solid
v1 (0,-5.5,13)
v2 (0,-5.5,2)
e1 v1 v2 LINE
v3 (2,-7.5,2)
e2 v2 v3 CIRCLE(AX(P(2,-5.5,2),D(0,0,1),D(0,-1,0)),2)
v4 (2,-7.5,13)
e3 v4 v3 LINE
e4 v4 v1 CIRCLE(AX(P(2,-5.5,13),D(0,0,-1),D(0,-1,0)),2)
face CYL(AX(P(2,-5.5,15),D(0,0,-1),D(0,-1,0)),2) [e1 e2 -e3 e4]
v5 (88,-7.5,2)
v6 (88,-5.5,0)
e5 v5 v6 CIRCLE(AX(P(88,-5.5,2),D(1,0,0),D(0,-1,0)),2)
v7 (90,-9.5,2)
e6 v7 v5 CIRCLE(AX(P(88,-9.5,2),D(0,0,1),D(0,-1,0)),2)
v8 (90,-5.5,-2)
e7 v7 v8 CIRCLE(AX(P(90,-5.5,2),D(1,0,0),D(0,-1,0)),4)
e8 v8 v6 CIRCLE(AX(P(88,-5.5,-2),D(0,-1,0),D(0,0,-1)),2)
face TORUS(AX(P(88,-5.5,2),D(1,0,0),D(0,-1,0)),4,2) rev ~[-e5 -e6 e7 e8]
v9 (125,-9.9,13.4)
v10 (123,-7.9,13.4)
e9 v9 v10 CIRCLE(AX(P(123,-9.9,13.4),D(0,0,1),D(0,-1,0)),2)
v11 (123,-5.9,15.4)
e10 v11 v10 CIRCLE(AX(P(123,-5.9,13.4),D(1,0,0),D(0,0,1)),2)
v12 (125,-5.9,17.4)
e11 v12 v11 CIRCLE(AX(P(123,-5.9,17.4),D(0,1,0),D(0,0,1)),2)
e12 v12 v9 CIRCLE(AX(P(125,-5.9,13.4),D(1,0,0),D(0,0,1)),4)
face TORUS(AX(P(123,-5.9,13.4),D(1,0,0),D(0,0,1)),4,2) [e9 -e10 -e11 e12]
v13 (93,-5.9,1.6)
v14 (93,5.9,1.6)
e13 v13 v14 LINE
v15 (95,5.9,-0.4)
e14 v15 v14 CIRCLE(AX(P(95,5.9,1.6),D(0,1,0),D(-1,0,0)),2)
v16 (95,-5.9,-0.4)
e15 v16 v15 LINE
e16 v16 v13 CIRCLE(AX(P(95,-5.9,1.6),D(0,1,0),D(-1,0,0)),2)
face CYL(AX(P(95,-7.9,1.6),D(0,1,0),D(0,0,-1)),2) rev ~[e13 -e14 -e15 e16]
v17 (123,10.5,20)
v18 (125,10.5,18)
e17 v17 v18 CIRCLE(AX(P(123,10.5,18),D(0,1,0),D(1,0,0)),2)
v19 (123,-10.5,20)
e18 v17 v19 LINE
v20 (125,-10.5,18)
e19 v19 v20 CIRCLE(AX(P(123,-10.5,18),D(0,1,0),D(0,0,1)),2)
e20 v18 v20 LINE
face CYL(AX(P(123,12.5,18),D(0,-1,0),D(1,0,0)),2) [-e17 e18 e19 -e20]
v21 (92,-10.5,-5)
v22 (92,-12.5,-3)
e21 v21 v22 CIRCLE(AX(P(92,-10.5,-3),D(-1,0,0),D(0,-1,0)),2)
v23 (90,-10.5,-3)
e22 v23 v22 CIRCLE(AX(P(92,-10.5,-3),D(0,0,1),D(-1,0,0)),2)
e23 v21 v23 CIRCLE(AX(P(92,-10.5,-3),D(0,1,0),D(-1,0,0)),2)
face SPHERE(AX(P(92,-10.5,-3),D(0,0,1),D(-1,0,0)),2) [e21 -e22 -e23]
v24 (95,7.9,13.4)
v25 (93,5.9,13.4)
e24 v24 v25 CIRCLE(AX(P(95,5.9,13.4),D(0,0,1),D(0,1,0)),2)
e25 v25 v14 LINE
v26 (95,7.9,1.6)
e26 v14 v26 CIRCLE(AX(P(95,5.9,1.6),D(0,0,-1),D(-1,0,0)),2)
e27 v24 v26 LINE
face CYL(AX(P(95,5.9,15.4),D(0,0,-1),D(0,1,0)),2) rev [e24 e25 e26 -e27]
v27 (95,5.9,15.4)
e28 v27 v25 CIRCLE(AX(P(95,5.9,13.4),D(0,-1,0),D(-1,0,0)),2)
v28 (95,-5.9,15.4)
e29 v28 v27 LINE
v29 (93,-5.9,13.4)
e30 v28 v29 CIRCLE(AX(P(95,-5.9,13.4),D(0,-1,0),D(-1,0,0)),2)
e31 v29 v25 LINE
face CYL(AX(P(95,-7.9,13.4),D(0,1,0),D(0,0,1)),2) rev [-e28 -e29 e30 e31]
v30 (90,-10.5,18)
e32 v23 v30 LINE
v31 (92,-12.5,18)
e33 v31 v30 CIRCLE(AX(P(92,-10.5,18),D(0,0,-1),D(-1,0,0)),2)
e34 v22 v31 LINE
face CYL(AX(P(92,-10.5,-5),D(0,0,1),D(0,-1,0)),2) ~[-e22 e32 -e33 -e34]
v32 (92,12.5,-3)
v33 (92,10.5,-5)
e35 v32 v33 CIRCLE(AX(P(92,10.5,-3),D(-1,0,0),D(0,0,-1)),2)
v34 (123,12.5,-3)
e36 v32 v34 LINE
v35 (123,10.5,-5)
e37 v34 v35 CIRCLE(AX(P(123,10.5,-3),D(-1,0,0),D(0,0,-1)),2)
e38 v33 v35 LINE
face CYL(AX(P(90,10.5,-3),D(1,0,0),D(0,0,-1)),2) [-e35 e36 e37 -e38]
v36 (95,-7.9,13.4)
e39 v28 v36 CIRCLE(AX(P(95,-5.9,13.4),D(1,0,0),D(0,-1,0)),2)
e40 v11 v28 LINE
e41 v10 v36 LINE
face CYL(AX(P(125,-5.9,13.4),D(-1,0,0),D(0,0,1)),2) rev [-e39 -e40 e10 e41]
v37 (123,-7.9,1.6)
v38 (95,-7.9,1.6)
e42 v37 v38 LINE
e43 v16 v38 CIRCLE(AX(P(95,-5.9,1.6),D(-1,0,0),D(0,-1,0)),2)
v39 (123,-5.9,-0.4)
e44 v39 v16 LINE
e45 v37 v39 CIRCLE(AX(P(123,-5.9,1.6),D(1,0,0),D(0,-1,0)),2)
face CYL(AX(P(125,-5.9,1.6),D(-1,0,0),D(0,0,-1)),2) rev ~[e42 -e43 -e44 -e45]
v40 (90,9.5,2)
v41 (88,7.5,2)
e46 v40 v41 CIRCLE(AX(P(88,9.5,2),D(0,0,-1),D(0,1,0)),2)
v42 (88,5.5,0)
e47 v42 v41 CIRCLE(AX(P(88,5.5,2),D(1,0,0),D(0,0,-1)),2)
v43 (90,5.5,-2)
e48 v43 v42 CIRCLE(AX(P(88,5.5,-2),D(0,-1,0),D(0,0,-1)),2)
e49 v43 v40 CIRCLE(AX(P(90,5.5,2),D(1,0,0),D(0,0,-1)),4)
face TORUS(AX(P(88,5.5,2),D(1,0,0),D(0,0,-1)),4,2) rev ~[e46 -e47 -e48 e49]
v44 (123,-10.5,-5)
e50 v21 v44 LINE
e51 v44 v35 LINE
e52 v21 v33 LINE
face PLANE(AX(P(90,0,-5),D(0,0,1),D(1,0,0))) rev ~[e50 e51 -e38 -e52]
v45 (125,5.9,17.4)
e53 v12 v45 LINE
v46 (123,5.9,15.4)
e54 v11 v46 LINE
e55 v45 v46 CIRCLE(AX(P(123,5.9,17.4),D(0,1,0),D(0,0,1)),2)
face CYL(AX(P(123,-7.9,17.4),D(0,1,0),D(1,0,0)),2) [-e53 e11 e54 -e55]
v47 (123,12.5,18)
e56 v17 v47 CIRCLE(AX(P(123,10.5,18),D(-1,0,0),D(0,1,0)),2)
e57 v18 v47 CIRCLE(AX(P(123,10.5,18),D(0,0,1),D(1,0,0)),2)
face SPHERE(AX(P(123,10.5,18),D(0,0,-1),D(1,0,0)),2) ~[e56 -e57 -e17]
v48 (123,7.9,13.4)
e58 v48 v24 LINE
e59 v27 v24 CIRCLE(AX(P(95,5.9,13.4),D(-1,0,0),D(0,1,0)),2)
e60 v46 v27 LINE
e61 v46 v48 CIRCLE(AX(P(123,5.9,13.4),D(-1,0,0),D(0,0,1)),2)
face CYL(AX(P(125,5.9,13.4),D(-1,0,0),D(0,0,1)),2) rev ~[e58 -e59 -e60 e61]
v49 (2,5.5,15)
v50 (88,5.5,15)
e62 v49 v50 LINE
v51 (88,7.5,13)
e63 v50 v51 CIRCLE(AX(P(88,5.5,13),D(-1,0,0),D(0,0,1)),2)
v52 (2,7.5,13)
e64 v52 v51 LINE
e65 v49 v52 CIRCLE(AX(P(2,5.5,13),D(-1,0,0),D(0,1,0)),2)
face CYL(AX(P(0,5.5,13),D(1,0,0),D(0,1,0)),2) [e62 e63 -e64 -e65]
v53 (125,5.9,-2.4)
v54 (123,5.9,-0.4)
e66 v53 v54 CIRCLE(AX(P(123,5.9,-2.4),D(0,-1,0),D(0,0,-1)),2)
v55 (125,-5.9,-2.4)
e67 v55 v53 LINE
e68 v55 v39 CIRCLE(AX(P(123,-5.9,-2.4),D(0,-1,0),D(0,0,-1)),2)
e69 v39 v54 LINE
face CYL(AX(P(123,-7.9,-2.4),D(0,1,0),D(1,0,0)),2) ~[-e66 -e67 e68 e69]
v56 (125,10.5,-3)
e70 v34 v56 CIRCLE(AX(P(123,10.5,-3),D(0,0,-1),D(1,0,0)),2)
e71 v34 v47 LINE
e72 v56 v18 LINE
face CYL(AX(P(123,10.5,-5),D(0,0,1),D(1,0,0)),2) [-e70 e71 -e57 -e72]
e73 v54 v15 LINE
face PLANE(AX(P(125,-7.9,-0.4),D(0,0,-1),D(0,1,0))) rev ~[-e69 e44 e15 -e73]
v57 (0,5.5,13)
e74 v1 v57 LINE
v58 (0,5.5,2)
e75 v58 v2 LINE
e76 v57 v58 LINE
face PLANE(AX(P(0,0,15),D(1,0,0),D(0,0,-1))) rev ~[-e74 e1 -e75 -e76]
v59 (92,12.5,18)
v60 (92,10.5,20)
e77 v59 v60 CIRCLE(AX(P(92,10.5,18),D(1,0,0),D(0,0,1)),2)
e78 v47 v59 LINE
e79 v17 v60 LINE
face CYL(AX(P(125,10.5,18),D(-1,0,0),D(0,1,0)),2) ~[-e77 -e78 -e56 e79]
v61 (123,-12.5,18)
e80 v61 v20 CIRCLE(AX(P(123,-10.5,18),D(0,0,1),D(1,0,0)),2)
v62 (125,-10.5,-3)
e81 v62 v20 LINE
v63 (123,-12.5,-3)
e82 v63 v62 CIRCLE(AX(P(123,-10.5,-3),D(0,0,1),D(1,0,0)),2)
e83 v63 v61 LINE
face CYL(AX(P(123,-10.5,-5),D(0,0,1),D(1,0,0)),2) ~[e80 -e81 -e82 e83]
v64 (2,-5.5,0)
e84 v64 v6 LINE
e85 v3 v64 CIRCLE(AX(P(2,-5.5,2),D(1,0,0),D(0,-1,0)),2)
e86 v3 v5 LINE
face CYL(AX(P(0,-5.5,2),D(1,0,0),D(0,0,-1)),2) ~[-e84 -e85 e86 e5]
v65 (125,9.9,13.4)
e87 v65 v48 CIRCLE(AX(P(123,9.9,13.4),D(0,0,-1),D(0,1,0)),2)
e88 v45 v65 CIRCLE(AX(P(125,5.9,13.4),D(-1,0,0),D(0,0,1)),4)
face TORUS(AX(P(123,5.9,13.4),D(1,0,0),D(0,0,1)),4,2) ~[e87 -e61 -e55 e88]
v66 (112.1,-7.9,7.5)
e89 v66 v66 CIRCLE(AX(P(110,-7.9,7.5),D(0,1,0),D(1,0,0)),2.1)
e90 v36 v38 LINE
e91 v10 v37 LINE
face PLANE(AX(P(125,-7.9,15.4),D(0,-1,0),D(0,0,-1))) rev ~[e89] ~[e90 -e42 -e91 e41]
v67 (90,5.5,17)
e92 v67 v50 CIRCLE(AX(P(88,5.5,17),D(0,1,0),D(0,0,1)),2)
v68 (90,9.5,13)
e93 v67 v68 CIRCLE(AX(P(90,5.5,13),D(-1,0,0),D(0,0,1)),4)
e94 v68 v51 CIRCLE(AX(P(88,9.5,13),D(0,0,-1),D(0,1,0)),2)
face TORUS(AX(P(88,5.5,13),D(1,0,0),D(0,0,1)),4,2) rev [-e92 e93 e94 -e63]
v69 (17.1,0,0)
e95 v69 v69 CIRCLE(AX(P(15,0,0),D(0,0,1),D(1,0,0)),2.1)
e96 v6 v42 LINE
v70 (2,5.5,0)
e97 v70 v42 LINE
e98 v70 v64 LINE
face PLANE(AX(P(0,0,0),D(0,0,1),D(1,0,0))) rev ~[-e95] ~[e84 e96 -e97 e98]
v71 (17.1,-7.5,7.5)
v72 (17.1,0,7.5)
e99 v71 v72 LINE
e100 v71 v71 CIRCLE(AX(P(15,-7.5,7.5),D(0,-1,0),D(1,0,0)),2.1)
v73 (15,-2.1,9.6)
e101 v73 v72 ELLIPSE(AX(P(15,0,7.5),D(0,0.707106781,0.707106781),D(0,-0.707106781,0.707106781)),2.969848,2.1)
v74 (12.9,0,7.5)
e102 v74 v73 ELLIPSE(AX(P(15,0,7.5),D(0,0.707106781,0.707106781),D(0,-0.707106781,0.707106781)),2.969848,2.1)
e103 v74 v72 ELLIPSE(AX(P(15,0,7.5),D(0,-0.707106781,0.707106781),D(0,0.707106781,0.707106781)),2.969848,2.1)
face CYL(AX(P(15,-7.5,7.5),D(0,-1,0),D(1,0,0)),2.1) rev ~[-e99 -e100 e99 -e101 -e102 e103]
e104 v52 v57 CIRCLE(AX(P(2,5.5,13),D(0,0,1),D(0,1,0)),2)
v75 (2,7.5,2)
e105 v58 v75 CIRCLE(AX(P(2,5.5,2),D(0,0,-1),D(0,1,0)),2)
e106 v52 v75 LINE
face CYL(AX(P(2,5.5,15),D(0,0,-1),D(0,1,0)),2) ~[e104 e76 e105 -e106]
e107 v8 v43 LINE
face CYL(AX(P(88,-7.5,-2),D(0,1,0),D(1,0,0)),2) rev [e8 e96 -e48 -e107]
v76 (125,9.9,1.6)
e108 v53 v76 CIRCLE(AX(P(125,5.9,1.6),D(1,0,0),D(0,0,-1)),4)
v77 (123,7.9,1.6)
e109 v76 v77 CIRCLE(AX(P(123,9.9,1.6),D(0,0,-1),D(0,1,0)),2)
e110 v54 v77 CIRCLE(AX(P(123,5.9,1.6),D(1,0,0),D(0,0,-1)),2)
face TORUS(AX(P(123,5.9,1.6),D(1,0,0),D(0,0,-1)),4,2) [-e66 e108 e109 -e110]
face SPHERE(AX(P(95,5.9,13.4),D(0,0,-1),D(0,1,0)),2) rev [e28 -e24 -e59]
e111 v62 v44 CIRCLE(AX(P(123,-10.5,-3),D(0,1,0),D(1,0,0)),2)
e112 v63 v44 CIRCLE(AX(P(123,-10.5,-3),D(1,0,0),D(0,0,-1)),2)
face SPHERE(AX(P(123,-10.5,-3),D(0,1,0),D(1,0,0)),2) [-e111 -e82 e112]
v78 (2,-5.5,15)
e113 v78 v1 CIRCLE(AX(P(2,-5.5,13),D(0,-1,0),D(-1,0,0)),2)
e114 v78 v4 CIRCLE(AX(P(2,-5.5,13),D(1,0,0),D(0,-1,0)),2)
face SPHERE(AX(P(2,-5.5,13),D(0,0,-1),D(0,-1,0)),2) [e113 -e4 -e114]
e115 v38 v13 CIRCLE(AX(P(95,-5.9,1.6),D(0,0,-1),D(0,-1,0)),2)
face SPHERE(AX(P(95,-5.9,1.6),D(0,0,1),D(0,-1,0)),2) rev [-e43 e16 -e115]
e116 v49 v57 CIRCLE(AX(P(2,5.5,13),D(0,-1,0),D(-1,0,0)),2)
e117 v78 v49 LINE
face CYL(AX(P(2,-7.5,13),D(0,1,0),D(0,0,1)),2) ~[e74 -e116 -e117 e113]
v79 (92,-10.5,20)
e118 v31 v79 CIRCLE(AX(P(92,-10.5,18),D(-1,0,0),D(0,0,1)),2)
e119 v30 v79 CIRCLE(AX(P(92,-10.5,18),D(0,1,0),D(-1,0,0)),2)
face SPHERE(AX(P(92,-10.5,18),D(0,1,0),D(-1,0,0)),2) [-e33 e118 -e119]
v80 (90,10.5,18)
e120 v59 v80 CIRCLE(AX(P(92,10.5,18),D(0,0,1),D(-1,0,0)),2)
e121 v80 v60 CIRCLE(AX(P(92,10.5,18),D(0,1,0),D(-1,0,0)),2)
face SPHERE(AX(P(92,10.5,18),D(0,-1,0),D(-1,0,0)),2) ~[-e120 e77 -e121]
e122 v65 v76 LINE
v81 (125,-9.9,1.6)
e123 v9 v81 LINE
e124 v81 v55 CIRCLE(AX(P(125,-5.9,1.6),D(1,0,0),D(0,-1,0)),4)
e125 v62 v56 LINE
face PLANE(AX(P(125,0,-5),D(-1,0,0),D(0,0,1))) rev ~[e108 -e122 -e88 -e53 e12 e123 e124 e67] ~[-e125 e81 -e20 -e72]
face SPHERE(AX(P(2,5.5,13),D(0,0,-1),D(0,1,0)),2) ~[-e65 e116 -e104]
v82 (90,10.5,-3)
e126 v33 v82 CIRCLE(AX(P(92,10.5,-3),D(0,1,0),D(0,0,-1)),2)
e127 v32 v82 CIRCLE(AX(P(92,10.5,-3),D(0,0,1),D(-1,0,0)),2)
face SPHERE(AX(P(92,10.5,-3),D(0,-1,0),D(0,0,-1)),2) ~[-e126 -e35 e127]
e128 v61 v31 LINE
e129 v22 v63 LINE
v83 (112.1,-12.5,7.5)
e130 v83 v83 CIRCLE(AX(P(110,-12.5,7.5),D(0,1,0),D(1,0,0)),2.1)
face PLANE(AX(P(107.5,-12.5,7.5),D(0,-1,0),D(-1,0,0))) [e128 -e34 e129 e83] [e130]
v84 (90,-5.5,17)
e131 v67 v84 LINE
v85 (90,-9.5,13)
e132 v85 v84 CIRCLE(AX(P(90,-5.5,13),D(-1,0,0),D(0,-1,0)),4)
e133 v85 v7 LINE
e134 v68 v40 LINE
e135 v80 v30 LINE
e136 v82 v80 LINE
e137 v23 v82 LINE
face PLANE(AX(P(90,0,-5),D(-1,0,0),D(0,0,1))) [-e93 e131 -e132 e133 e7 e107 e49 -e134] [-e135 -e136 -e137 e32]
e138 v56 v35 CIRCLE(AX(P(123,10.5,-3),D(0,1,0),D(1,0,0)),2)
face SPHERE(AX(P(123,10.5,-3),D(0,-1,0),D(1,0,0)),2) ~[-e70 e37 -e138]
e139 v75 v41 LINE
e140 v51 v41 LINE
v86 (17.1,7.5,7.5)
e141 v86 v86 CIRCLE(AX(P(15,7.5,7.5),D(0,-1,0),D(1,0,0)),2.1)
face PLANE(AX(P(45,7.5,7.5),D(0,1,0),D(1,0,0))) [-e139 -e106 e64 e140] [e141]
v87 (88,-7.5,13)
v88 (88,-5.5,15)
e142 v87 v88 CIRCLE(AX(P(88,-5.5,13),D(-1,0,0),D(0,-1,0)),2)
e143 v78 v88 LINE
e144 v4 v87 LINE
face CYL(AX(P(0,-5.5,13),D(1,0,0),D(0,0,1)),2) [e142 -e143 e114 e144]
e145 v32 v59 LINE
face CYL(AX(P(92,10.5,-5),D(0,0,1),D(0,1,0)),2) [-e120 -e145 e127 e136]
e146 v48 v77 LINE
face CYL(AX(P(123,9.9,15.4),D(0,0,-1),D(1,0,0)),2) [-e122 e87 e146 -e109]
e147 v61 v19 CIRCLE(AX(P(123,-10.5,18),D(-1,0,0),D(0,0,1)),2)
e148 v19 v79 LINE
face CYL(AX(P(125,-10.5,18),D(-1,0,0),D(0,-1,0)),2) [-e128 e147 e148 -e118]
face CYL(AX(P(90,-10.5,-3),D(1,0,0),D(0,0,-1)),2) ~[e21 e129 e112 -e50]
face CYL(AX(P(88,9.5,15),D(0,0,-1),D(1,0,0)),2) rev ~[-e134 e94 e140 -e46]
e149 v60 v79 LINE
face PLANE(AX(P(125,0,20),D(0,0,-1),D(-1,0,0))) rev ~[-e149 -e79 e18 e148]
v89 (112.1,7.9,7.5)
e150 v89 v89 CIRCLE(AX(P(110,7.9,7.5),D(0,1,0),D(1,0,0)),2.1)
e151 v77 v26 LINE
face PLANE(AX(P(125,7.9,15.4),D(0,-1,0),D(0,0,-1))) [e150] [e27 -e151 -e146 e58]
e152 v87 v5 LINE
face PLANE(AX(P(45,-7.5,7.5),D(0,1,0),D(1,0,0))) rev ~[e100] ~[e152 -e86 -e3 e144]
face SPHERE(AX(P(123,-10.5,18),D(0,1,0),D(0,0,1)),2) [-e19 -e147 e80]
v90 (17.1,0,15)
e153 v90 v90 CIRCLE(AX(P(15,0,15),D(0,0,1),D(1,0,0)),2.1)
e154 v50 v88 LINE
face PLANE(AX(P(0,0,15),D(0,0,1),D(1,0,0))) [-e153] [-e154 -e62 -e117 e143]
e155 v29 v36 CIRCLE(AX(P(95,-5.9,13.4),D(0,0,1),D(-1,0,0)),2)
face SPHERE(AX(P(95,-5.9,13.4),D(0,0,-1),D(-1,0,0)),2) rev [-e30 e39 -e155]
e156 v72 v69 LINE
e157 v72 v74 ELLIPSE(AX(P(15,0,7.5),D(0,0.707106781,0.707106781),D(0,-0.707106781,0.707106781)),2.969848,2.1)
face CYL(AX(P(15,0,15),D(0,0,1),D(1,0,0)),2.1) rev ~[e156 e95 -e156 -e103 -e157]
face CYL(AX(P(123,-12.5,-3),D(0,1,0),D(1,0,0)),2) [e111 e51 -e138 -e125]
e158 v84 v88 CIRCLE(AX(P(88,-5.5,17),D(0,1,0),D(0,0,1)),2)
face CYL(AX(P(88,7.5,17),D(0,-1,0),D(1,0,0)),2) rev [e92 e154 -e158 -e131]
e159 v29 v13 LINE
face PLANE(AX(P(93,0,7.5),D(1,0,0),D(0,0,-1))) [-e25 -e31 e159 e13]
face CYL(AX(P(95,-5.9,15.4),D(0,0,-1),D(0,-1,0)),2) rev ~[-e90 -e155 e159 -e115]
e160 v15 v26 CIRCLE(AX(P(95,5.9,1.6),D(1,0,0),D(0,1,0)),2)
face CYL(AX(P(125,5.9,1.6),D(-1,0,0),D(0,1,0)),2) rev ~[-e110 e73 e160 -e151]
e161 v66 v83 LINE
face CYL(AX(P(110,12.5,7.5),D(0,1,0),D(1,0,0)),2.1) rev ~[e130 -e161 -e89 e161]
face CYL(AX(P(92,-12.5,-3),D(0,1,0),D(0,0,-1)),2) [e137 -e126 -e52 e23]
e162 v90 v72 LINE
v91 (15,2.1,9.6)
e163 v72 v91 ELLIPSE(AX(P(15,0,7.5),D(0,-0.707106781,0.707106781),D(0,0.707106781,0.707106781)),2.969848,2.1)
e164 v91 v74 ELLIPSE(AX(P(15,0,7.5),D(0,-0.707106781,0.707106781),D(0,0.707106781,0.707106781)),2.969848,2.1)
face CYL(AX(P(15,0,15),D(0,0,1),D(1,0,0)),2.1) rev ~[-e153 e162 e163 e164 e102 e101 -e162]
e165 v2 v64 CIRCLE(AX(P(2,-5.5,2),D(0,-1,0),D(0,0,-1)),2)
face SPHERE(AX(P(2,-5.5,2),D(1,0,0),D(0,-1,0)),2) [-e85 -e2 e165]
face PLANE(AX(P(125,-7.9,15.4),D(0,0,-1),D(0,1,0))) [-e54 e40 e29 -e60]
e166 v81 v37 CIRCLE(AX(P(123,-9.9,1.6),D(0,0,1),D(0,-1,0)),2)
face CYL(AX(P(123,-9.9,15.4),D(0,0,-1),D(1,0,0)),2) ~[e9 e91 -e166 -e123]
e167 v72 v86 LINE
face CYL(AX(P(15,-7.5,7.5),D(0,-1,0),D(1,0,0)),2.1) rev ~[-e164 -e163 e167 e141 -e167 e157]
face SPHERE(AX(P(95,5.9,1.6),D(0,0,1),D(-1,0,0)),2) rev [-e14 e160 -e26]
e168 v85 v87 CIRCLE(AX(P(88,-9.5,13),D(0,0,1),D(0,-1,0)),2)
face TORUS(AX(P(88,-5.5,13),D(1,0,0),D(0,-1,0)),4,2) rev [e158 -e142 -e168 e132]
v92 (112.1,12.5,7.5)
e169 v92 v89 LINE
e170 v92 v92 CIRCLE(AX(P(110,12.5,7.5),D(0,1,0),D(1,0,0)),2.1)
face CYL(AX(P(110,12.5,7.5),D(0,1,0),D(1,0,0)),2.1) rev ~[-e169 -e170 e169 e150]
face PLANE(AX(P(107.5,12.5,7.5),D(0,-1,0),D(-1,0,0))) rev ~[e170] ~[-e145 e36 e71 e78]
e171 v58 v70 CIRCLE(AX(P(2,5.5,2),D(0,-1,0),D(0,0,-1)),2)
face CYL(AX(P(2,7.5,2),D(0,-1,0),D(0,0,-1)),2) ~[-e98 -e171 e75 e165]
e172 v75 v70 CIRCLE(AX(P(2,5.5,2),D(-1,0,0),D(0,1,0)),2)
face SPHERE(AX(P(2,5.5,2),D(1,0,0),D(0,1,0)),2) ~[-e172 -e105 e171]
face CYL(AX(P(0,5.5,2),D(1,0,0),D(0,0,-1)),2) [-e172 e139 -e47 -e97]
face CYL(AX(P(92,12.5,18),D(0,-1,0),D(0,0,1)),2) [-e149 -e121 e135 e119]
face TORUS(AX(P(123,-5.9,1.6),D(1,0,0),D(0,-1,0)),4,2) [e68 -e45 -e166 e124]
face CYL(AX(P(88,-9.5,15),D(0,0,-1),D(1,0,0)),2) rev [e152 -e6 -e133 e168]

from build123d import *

# Parameters (mm, degrees)
BOSS_EXTRUDE1_DEPTH      = 7.5
BOSS_EXTRUDE1_DEPTH_BACK = 7.5
SKETCH1_W                = 90
SKETCH1_H                = 15
BOSS_EXTRUDE2_DEPTH      = 12.5
BOSS_EXTRUDE2_DEPTH_BACK = 12.5
SKETCH3_R                = 2.1
CUT_EXTRUDE1_DEPTH       = 128.205542332
SKETCH5_R                = 2.1
CUT_EXTRUDE3_DEPTH       = 130.034879006
SKETCH6_W                = 15.8
SKETCH6_H                = 15.8
CUT_EXTRUDE4_DEPTH       = 32
SKETCH8_R                = 2.1
CUT_EXTRUDE5_DEPTH       = 129.16005618
FILLET1_R                = 2


with BuildPart() as part:
    # Sketch1 → Boss-Extrude1 (new, two sides: drawn at the far end of the back side and taken through both)
    with BuildSketch(Plane(origin=(0, 0, 0), x_dir=(1, 0, 0), z_dir=(0, 1, 0)).offset(-BOSS_EXTRUDE1_DEPTH_BACK)):
        with Locations((45, -7.5)):
            Rectangle(SKETCH1_W, SKETCH1_H)
    extrude(amount=BOSS_EXTRUDE1_DEPTH + BOSS_EXTRUDE1_DEPTH_BACK)

    # Sketch1<3> → Boss-Extrude2 (add, two sides: drawn at the far end of the back side and taken through both)
    with BuildSketch(Plane(origin=(0, 0, 0), x_dir=(1, 0, 0), z_dir=(0, 1, 0)).offset(-BOSS_EXTRUDE2_DEPTH_BACK)):
        Polygon((90, 0), (90, -15), (90, -20), (125, -20), (125, 5), (90, 5), align=None)
    extrude(amount=BOSS_EXTRUDE2_DEPTH + BOSS_EXTRUDE2_DEPTH_BACK)

    # Sketch3 → Cut-Extrude1 (cut, through all)
    with BuildSketch(Plane.XY.offset(15)):
        with Locations((15, 0)):
            Circle(SKETCH3_R)
    extrude(amount=-CUT_EXTRUDE1_DEPTH, mode=Mode.SUBTRACT)

    # Sketch5 → Cut-Extrude3 (cut, through all)
    with BuildSketch(Plane(origin=(0, 12.5, 0), x_dir=(1, 0, 0), z_dir=(0, 1, 0))):
        with Locations((110, -7.5)):
            Circle(SKETCH5_R)
    extrude(amount=-CUT_EXTRUDE3_DEPTH, mode=Mode.SUBTRACT)

    # Sketch6 → Cut-Extrude4 (cut)
    with BuildSketch(Plane(origin=(125, 0, 0), x_dir=(0, 0, -1), z_dir=(1, 0, 0))):
        with Locations((-7.5, 0)):
            Rectangle(SKETCH6_W, SKETCH6_H)
    extrude(amount=-CUT_EXTRUDE4_DEPTH, mode=Mode.SUBTRACT)

    # Sketch8 → Cut-Extrude5 (cut, through all)
    with BuildSketch(Plane.XZ.offset(7.5)):
        with Locations((15, 7.5)):
            Circle(SKETCH8_R)
    extrude(amount=-CUT_EXTRUDE5_DEPTH, mode=Mode.SUBTRACT)

    # Fillet1
    fillet1_edges = [part.edges().sort_by_distance(p)[0] for p in [
        (125, -12.5, 7.5),
        (125, 0, 20),
        (125, 12.5, 7.5),
        (125, 0, -5),
        (93, -7.9, 7.5),
        (109, 7.9, 15.4),
        (93, 7.9, 7.5),
        (93, 0, -0.4),
        (93, 0, 15.4),
        (109, -7.9, 15.4),
        (109, -7.9, -0.4),
        (109, 7.9, -0.4),
        (107.5, 12.5, -5),
        (90, 12.5, 7.5),
        (107.5, 12.5, 20),
        (107.5, -12.5, 20),
        (90, -12.5, 7.5),
        (107.5, -12.5, -5),
        (90, 0, -5),
        (90, 0, 0),
        (90, -7.5, 7.5),
        (90, 0, 15),
        (90, 7.5, 7.5),
        (0, 0, 0),
        (0, 0, 15),
        (0, -7.5, 7.5),
        (0, 7.5, 7.5),
        (45, -7.5, 0),
        (45, -7.5, 15),
        (45, 7.5, 15),
        (45, 7.5, 0),
        (125, -7.9, 7.5),
        (125, 0, 15.4),
        (125, 7.9, 7.5),
        (125, 0, -0.4),
        (90, 0, 20),
    ]]
    fillet(fillet1_edges, radius=FILLET1_R)


solid = part.part
